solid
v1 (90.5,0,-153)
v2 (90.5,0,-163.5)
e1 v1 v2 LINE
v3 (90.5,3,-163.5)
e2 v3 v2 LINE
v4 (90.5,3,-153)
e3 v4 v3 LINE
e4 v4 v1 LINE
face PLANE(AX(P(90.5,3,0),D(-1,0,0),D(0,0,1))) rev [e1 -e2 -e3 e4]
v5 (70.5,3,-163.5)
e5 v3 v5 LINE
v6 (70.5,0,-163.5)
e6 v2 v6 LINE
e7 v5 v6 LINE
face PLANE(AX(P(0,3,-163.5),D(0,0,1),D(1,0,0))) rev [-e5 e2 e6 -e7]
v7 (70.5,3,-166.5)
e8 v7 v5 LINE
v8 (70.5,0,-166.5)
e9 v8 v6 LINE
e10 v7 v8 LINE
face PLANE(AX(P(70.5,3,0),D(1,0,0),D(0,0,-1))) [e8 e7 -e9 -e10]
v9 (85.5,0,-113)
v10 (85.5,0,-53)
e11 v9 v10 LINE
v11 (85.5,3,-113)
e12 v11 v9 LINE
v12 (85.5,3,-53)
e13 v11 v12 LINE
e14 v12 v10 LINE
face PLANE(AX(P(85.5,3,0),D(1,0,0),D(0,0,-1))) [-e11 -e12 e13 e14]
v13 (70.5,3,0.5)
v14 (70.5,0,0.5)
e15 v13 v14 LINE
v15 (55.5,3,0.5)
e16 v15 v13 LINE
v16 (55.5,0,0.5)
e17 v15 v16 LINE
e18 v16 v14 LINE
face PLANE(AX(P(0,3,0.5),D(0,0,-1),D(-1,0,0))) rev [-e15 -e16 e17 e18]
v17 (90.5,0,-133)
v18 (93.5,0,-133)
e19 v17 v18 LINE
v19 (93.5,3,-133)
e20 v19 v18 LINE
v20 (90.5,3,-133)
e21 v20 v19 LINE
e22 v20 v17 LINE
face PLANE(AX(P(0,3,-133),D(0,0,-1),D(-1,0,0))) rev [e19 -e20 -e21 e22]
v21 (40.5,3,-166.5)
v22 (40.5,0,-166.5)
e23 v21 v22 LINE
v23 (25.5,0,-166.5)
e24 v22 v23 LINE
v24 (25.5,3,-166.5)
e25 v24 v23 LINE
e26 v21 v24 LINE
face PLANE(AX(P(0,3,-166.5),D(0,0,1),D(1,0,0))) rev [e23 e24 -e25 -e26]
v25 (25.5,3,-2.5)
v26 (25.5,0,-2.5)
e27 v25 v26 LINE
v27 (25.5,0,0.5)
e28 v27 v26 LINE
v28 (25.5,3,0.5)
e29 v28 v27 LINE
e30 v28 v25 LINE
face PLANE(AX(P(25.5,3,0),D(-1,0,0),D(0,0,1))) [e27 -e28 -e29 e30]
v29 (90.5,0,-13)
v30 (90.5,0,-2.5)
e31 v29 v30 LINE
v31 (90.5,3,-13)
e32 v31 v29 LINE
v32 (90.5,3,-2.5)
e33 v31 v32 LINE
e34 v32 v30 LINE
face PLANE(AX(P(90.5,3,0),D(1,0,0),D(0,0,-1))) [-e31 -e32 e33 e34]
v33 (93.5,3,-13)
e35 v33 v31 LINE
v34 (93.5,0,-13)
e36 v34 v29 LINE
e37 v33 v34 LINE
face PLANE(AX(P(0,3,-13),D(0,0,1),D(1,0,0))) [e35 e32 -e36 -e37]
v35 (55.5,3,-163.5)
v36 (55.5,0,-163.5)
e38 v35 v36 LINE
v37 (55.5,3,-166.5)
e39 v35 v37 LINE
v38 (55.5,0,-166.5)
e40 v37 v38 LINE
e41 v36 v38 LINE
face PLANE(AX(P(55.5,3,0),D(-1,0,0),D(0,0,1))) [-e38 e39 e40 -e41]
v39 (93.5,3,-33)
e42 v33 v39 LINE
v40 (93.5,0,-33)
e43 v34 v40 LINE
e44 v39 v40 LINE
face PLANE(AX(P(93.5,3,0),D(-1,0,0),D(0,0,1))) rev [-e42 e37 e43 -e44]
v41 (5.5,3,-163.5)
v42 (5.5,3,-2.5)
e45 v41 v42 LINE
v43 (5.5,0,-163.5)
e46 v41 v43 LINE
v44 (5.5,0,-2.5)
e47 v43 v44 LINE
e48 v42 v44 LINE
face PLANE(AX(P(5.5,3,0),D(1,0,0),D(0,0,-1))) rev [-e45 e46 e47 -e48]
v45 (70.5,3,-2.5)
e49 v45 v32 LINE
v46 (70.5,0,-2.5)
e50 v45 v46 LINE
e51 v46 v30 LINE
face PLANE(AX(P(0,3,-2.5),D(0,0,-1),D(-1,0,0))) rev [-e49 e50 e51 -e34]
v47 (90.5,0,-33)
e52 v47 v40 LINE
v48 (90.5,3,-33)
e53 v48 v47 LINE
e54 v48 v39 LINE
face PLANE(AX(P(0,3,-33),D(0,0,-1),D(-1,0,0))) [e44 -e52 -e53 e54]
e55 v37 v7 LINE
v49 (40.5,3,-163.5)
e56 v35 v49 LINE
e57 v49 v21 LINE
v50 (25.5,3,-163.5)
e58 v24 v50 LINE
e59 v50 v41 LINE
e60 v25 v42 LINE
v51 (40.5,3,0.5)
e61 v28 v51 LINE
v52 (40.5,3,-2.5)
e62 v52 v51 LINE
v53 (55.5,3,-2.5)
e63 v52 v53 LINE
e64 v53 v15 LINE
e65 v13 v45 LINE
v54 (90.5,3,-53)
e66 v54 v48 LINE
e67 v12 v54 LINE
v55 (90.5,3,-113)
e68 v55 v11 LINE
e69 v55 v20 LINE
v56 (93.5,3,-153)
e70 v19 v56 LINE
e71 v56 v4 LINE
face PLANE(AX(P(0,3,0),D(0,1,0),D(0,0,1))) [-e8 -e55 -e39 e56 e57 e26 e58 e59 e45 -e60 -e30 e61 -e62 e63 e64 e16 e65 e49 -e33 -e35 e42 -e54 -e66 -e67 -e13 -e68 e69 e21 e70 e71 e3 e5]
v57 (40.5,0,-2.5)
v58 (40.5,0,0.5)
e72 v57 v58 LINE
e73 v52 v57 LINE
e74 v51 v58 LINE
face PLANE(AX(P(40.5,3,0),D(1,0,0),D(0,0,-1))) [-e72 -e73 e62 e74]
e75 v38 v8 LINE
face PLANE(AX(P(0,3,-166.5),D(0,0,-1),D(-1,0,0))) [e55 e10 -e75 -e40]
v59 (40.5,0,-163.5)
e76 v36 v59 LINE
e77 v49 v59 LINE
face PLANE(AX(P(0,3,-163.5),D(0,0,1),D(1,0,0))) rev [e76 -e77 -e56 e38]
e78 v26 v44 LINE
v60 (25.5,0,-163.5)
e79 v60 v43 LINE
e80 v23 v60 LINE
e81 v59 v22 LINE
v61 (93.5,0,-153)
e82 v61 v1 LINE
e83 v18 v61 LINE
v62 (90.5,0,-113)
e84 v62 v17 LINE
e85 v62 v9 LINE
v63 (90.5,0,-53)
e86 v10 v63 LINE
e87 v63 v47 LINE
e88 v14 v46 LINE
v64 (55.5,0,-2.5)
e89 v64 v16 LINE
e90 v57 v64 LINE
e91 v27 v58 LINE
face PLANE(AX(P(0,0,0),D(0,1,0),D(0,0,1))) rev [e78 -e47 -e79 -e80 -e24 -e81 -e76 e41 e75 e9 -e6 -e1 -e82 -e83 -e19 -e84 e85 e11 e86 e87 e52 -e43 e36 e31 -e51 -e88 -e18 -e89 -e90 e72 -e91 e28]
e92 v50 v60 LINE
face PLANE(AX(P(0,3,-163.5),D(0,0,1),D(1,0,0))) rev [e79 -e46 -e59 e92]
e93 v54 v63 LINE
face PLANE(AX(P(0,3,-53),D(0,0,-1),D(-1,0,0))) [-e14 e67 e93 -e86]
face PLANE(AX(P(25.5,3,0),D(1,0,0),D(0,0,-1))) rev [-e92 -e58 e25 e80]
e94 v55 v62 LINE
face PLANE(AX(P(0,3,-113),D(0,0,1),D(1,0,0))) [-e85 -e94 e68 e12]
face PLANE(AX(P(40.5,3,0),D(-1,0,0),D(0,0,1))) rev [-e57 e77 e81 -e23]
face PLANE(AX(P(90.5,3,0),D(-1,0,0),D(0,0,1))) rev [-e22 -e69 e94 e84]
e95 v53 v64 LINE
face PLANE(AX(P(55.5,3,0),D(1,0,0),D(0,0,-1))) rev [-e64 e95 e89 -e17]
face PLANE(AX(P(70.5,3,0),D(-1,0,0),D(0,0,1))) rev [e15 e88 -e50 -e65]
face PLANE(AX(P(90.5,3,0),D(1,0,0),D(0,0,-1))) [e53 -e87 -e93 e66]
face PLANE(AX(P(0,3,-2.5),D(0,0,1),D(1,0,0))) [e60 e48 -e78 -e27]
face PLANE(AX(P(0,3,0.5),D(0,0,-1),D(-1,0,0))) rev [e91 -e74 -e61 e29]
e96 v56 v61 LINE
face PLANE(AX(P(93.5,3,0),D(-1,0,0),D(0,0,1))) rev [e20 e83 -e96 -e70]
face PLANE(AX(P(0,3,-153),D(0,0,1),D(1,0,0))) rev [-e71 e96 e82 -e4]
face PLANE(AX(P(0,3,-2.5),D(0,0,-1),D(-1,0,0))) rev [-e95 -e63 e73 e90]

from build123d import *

# Parameters (mm, degrees)
SALIENTE_EXTRUIR1_DEPTH = 3


with BuildPart() as part:
    # Croquis1 → Saliente-Extruir1 (new body)
    with BuildSketch(Plane(origin=(0, 0, 0), x_dir=(1, 0, 0), z_dir=(0, 1, 0))):
        Polygon((25.5, 2.5), (25.5, -0.5), (40.5, -0.5), (40.5, 2.5), (55.5, 2.5), (55.5, -0.5), (70.5, -0.5), (70.5, 2.5), (90.5, 2.5), (90.5, 13), (93.5, 13), (93.5, 33), (90.5, 33), (90.5, 53), (85.5, 53), (85.5, 113), (90.5, 113), (90.5, 133), (93.5, 133), (93.5, 153), (90.5, 153), (90.5, 163.5), (70.5, 163.5), (70.5, 166.5), (55.5, 166.5), (55.5, 163.5), (40.5, 163.5), (40.5, 166.5), (25.5, 166.5), (25.5, 163.5), (5.5, 163.5), (5.5, 153), (5.5, 133), (5.5, 113), (5.5, 93), (5.5, 73), (5.5, 53), (5.5, 33), (5.5, 13), (5.5, 2.5), align=None)
    extrude(amount=SALIENTE_EXTRUIR1_DEPTH)


solid = part.part
